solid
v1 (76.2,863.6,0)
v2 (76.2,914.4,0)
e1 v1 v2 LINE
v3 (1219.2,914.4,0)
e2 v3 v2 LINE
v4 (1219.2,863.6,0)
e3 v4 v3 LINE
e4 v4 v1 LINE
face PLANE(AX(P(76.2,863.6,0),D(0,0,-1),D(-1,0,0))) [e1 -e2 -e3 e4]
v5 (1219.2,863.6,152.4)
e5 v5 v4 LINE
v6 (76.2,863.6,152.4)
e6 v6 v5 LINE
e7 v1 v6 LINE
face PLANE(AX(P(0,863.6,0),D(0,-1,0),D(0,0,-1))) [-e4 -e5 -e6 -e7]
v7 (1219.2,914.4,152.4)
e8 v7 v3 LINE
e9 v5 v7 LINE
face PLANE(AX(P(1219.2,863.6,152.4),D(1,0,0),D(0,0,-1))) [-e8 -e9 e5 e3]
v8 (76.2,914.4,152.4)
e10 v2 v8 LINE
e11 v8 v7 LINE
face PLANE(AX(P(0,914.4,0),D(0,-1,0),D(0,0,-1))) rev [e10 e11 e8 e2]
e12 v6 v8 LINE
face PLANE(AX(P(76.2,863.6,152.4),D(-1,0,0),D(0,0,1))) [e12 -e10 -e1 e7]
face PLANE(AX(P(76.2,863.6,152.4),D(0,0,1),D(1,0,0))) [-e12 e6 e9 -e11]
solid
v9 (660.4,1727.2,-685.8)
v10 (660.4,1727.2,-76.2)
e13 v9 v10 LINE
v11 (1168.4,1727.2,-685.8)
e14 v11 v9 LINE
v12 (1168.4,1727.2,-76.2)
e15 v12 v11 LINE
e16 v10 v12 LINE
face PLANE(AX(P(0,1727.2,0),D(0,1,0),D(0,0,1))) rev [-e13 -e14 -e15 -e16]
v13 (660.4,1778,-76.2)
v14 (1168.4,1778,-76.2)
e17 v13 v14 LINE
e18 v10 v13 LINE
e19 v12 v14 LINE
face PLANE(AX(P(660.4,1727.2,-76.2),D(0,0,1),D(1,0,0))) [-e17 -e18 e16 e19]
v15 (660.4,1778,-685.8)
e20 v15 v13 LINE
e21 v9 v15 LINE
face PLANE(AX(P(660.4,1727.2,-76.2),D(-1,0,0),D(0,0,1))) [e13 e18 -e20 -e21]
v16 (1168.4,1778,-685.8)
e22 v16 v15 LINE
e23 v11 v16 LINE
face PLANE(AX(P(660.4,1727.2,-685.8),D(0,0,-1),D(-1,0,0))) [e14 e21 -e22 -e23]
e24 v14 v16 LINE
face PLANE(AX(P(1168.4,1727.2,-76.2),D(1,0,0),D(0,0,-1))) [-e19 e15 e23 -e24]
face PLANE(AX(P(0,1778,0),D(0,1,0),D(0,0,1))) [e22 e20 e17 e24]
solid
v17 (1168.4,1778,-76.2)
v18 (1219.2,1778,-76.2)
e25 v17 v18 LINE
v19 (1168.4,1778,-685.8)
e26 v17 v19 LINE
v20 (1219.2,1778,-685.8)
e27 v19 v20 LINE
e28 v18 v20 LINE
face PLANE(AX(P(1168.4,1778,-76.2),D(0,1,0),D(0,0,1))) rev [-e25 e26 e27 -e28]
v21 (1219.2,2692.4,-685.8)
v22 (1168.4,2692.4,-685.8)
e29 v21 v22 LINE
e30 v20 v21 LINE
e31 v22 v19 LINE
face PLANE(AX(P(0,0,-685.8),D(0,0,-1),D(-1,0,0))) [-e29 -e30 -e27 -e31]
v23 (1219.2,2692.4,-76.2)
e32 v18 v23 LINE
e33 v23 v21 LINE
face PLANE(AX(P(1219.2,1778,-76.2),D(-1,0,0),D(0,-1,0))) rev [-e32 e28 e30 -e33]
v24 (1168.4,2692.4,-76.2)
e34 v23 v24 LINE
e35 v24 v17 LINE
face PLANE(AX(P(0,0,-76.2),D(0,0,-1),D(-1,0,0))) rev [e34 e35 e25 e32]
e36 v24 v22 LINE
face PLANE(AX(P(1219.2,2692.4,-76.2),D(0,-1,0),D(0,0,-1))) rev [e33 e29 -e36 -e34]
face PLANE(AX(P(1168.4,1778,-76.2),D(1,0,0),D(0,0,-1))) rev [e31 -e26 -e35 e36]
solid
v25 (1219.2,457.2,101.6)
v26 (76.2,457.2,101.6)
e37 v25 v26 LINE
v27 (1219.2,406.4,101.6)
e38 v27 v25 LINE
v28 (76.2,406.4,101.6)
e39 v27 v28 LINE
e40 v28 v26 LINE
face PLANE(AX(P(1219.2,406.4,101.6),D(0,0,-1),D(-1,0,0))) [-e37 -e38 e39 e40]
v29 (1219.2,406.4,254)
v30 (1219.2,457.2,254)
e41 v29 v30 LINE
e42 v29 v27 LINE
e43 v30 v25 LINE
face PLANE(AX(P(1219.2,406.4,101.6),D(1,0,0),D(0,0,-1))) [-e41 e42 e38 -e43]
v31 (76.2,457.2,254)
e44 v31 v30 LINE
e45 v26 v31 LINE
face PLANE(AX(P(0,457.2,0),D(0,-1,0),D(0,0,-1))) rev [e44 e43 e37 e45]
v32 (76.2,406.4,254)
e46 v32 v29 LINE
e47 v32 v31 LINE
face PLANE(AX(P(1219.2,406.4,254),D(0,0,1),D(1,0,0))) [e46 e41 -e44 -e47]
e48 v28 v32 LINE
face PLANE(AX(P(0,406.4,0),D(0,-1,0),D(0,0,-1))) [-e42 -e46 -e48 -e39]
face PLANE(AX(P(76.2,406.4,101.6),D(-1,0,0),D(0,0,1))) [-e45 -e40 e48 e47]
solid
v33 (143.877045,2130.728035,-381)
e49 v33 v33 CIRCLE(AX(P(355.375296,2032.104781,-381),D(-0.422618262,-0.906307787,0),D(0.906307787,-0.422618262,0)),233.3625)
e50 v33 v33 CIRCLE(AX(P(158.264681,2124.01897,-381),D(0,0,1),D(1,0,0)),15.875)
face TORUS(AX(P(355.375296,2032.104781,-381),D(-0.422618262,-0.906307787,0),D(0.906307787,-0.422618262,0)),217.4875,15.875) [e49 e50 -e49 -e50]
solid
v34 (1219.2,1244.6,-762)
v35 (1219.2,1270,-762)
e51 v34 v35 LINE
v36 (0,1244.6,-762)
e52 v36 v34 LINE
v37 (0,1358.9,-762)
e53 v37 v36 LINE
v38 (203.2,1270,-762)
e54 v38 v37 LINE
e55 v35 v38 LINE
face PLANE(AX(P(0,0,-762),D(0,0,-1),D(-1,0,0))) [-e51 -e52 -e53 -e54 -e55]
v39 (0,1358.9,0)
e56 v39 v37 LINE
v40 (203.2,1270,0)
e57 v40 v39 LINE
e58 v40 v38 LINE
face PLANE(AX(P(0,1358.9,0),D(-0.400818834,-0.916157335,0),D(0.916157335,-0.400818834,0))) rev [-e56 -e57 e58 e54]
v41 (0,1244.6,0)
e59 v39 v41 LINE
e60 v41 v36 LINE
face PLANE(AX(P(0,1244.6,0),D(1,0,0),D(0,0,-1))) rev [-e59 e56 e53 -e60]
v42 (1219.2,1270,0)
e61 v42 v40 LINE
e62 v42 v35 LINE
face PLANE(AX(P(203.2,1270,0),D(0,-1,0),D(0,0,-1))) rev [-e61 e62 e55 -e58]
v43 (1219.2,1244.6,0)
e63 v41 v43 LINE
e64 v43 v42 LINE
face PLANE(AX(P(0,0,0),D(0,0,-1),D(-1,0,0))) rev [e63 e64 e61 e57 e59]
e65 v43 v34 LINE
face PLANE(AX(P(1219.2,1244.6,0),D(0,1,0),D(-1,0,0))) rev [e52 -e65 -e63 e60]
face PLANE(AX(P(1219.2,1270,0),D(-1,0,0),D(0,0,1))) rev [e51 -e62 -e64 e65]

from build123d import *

# Parameters (mm, degrees)
STEP_2_2_W           = 1143
STEP_2_2_H           = 152.4
STEP_2_DEPTH         = 50.8
SKETCH4_W            = 1143
SKETCH4_H            = 152.4
STEP_1_DEPTH         = 50.8
SKETCH5_W            = 508
SKETCH5_H            = 609.6
SEAT_BOTTOM_DEPTH    = 50.8
SEAT_BACK_DEPTH      = 304.8
SEAT_BACK_DEPTH_BACK = 304.8
SKETCH6_W            = 50.8
SKETCH6_H            = 914.4
FLOOR_2_DEPTH        = 381
FLOOR_2_DEPTH_BACK   = 381
SKETCH12_R           = 15.875


with BuildPart() as part:
    # Step 2 2 → Step-2 (new body)
    with BuildSketch(Plane(origin=(0, 914.4, 0), x_dir=(1, 0, 0), z_dir=(0, 1, 0))):
        with Locations((647.7, -76.2)):
            Rectangle(STEP_2_2_W, STEP_2_2_H)
    extrude(amount=-STEP_2_DEPTH)


with BuildPart() as body_2:
    # Sketch4 → Step-1 (new body)
    with BuildSketch(Plane(origin=(0, 457.2, 0), x_dir=(1, 0, 0), z_dir=(0, 1, 0))):
        with Locations((647.7, -177.8)):
            Rectangle(SKETCH4_W, SKETCH4_H)
    extrude(amount=-STEP_1_DEPTH)


with BuildPart() as body_3:
    # Sketch5 → Seat-Bottom (new body)
    with BuildSketch(Plane(origin=(0, 1778, 0), x_dir=(1, 0, 0), z_dir=(0, 1, 0))):
        with Locations((914.4, 381)):
            Rectangle(SKETCH5_W, SKETCH5_H)
    extrude(amount=-SEAT_BOTTOM_DEPTH)


with BuildPart() as body_4:
    # Sketch6 → Seat-Back (new, two sides: drawn at the far end of the back side and taken through both)
    with BuildSketch(Plane.XY.offset(-381).offset(-SEAT_BACK_DEPTH_BACK)):
        with Locations((1193.8, 2235.2)):
            Rectangle(SKETCH6_W, SKETCH6_H)
    extrude(amount=SEAT_BACK_DEPTH + SEAT_BACK_DEPTH_BACK)


with BuildPart() as body_5:
    # Sketch7 → Floor 2 (new, two sides: drawn at the far end of the back side and taken through both)
    with BuildSketch(Plane.XY.offset(-381).offset(-FLOOR_2_DEPTH_BACK)):
        Polygon((0, 1358.9), (203.2, 1270), (1219.2, 1270), (1219.2, 1244.6), (0, 1244.6), align=None)
    extrude(amount=FLOOR_2_DEPTH + FLOOR_2_DEPTH_BACK)


with BuildPart() as body_6:
    # Sweep1: sweep along a path in Wheel Center
    with BuildLine(Plane(origin=(841.813517207, 1805.274913428, 0), x_dir=(0, 0, 1), z_dir=(-0.42261826174069383, -0.9063077870366526, 0))) as sweep1_path:
        CenterArc((-381, 536.725192411), 217.4875, 0, 360)
    # Sketch12 → Sweep1 (sweep)
    with BuildSketch(Plane.XY.offset(-381)):
        with Locations((158.264680993, 2124.018970477)):
            Circle(SKETCH12_R)
    sweep(path=sweep1_path.line)


solid = Compound([part.part, body_2.part, body_3.part, body_4.part, body_5.part, body_6.part])
